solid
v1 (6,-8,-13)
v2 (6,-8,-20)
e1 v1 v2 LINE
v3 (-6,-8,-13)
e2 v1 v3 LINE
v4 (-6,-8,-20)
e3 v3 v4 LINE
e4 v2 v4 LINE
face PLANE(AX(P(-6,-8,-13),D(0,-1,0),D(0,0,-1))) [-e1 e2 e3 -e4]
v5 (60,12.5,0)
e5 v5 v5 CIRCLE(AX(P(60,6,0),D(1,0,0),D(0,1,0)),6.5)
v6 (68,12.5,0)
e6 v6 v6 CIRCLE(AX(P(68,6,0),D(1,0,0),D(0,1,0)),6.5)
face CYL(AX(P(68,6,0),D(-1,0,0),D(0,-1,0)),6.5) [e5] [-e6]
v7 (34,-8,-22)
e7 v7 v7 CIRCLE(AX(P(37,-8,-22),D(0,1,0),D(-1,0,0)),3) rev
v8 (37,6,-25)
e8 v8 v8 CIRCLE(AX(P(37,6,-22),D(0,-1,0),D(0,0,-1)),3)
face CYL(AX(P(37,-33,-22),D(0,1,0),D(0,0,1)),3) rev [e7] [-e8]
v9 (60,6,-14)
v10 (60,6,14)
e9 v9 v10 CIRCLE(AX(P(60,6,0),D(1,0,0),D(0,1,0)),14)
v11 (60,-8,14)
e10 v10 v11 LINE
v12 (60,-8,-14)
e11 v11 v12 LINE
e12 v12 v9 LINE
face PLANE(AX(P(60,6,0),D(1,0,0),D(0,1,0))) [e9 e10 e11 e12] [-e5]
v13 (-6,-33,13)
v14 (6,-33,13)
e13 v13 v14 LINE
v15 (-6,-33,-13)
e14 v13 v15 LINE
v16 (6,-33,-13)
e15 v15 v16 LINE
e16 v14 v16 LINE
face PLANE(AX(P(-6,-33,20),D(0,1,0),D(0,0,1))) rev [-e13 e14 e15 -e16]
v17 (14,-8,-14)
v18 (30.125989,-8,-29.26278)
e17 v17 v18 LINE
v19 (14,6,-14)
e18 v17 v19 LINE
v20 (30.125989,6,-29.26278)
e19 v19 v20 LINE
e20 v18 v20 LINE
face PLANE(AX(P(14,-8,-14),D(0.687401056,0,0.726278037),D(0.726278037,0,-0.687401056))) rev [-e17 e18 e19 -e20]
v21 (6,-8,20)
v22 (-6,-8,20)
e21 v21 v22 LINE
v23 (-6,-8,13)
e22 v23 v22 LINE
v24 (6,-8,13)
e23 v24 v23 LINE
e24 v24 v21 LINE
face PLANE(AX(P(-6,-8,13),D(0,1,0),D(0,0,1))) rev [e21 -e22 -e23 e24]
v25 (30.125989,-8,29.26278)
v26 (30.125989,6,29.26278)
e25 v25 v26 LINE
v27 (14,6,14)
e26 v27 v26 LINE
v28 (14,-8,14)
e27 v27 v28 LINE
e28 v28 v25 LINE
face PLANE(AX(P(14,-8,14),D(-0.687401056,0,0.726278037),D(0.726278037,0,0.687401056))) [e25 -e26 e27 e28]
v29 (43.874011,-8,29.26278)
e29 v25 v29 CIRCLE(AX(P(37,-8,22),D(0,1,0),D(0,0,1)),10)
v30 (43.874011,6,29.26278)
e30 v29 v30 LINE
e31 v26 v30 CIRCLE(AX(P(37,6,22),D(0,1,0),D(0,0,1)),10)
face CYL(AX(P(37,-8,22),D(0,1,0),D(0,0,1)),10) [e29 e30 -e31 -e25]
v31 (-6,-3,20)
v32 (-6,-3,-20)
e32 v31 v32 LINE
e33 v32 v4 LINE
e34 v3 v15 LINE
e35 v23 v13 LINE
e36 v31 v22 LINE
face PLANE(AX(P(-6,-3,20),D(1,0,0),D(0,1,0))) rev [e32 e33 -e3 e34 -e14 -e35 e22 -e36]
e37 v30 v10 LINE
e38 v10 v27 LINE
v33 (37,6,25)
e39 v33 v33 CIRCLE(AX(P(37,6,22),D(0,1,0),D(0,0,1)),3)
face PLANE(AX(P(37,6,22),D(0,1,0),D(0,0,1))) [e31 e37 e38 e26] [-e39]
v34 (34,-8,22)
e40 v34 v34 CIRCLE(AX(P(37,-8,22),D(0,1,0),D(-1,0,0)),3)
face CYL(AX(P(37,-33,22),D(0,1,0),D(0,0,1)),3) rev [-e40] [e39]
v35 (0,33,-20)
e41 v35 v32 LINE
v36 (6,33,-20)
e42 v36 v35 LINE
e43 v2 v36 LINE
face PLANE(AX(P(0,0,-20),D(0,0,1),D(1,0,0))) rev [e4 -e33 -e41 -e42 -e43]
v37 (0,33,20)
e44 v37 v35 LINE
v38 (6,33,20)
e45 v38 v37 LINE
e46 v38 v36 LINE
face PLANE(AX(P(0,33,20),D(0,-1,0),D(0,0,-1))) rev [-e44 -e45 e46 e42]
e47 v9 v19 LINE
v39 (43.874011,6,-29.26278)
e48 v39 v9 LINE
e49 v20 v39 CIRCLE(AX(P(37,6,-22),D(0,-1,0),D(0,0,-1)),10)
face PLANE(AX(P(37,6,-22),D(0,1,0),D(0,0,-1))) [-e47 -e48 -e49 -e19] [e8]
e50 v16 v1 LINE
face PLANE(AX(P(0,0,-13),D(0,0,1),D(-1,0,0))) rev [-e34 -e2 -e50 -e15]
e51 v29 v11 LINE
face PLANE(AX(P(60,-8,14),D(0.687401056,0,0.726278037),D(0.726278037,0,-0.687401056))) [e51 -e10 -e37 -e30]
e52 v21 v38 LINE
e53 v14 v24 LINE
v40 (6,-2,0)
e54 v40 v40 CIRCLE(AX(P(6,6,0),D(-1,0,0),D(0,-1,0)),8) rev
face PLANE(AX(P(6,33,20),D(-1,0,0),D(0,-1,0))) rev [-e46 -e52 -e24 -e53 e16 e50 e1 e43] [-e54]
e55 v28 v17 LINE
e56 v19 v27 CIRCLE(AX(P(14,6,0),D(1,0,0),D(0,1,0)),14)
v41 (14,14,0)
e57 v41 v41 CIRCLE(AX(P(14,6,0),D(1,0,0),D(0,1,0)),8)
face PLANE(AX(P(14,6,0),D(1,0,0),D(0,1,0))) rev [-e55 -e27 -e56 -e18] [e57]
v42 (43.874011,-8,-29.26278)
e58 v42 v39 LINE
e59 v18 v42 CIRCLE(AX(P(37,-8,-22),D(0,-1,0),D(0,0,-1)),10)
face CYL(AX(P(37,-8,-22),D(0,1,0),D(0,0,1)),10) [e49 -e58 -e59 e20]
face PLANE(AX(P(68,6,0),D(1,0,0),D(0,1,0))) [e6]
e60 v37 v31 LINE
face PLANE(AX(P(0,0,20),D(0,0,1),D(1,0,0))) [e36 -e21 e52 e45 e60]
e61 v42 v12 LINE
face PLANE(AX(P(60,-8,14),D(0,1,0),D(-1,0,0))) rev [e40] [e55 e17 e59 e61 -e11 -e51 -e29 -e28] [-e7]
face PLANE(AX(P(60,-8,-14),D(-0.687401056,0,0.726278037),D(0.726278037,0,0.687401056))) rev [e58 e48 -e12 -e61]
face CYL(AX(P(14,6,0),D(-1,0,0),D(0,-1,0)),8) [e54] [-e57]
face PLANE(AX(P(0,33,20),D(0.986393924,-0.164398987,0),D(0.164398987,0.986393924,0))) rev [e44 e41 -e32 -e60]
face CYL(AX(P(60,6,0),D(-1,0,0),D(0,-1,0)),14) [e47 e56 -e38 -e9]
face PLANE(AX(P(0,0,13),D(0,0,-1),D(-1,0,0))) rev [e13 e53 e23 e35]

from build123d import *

# Parameters (mm, degrees)
ESTRUSIONE_ESTRUSIONE1_DEPTH = 20
SCHIZZO2_W                   = 12
SCHIZZO2_H                   = 25
TAGLIO_ESTRUSIONE1_DEPTH     = 7
SCHIZZO3_R                   = 8
ESTRUSIONE_ESTRUSIONE2_DEPTH = 8
ESTRUSIONE_ESTRUSIONE3_DEPTH = 46
ESTRUSIONE_ESTRUSIONE5_DEPTH = 14
SCHIZZO6_R                   = 6.5
ESTRUSIONE_ESTRUSIONE6_DEPTH = 8
SCHIZZO7_R                   = 3
TAGLIO_ESTRUSIONE2_DEPTH     = 40


with BuildPart() as part:
    # Schizzo1 → Estrusione-Estrusione1 (new body, symmetric)
    with BuildSketch(Plane.XY):
        Polygon((0, 33), (6, 33), (6, -33), (-6, -33), (-6, -3), align=None)
    extrude(amount=ESTRUSIONE_ESTRUSIONE1_DEPTH, both=True)

    # Schizzo2 → Taglio-Estrusione1 (cut)
    with BuildSketch(Plane.XY.offset(20)):
        with Locations((0, -20.5)):
            Rectangle(SCHIZZO2_W, SCHIZZO2_H)
    taglio_estrusione1 = extrude(amount=-TAGLIO_ESTRUSIONE1_DEPTH, mode=Mode.SUBTRACT)

    # Specchia1: Taglio-Estrusione1 across plane
    add(taglio_estrusione1.mirror(Plane.XY), mode=Mode.SUBTRACT)

    # Schizzo3 → Estrusione-Estrusione2 (add)
    with BuildSketch(Plane(origin=(6, 0, 0), x_dir=(0, 0, -1), z_dir=(1, 0, 0))):
        with Locations((0, 6)):
            Circle(SCHIZZO3_R)
    extrude(amount=ESTRUSIONE_ESTRUSIONE2_DEPTH)

    # Schizzo4 → Estrusione-Estrusione3 (add)
    with BuildSketch(Plane(origin=(14, 0, 0), x_dir=(0, 0, -1), z_dir=(1, 0, 0))):
        with BuildLine():
            Line((-14, 6), (-14, -8))
            Line((-14, -8), (14, -8))
            Line((14, -8), (14, 6))
            ThreePointArc((14, 6), (0, 20), (-14, 6))
        make_face()
    extrude(amount=ESTRUSIONE_ESTRUSIONE3_DEPTH)

    # Schizzo5 → Estrusione-Estrusione5 (add)
    with BuildSketch(Plane(origin=(0, 6, 0), x_dir=(1, 0, 0), z_dir=(0, 1, 0))):
        with BuildLine():
            Line((14, -14), (60, -14))
            Line((60, -14), (43.874010565, -29.262780374))
            ThreePointArc((43.874010565, -29.262780374), (37, -32), (30.125989435, -29.262780374))
            Line((30.125989435, -29.262780374), (14, -14))
        make_face()
    estrusione_estrusione5 = extrude(amount=-ESTRUSIONE_ESTRUSIONE5_DEPTH)

    # Specchia2: Estrusione-Estrusione5 across plane
    add(estrusione_estrusione5.mirror(Plane.XY))

    # Schizzo6 → Estrusione-Estrusione6 (add)
    with BuildSketch(Plane(origin=(60, 0, 0), x_dir=(0, 0, -1), z_dir=(1, 0, 0))):
        with Locations((0, 6)):
            Circle(SCHIZZO6_R)
    extrude(amount=ESTRUSIONE_ESTRUSIONE6_DEPTH)

    # Schizzo7 → Taglio-Estrusione2 (cut, through all)
    with BuildSketch(Plane(origin=(0, 6, 0), x_dir=(1, 0, 0), z_dir=(0, 1, 0))):
        with Locations((37, -22)):
            Circle(SCHIZZO7_R)
    taglio_estrusione2 = extrude(amount=-TAGLIO_ESTRUSIONE2_DEPTH, mode=Mode.SUBTRACT)

    # Specchia3: Taglio-Estrusione2 across plane
    add(taglio_estrusione2.mirror(Plane.XY), mode=Mode.SUBTRACT)


solid = part.part
